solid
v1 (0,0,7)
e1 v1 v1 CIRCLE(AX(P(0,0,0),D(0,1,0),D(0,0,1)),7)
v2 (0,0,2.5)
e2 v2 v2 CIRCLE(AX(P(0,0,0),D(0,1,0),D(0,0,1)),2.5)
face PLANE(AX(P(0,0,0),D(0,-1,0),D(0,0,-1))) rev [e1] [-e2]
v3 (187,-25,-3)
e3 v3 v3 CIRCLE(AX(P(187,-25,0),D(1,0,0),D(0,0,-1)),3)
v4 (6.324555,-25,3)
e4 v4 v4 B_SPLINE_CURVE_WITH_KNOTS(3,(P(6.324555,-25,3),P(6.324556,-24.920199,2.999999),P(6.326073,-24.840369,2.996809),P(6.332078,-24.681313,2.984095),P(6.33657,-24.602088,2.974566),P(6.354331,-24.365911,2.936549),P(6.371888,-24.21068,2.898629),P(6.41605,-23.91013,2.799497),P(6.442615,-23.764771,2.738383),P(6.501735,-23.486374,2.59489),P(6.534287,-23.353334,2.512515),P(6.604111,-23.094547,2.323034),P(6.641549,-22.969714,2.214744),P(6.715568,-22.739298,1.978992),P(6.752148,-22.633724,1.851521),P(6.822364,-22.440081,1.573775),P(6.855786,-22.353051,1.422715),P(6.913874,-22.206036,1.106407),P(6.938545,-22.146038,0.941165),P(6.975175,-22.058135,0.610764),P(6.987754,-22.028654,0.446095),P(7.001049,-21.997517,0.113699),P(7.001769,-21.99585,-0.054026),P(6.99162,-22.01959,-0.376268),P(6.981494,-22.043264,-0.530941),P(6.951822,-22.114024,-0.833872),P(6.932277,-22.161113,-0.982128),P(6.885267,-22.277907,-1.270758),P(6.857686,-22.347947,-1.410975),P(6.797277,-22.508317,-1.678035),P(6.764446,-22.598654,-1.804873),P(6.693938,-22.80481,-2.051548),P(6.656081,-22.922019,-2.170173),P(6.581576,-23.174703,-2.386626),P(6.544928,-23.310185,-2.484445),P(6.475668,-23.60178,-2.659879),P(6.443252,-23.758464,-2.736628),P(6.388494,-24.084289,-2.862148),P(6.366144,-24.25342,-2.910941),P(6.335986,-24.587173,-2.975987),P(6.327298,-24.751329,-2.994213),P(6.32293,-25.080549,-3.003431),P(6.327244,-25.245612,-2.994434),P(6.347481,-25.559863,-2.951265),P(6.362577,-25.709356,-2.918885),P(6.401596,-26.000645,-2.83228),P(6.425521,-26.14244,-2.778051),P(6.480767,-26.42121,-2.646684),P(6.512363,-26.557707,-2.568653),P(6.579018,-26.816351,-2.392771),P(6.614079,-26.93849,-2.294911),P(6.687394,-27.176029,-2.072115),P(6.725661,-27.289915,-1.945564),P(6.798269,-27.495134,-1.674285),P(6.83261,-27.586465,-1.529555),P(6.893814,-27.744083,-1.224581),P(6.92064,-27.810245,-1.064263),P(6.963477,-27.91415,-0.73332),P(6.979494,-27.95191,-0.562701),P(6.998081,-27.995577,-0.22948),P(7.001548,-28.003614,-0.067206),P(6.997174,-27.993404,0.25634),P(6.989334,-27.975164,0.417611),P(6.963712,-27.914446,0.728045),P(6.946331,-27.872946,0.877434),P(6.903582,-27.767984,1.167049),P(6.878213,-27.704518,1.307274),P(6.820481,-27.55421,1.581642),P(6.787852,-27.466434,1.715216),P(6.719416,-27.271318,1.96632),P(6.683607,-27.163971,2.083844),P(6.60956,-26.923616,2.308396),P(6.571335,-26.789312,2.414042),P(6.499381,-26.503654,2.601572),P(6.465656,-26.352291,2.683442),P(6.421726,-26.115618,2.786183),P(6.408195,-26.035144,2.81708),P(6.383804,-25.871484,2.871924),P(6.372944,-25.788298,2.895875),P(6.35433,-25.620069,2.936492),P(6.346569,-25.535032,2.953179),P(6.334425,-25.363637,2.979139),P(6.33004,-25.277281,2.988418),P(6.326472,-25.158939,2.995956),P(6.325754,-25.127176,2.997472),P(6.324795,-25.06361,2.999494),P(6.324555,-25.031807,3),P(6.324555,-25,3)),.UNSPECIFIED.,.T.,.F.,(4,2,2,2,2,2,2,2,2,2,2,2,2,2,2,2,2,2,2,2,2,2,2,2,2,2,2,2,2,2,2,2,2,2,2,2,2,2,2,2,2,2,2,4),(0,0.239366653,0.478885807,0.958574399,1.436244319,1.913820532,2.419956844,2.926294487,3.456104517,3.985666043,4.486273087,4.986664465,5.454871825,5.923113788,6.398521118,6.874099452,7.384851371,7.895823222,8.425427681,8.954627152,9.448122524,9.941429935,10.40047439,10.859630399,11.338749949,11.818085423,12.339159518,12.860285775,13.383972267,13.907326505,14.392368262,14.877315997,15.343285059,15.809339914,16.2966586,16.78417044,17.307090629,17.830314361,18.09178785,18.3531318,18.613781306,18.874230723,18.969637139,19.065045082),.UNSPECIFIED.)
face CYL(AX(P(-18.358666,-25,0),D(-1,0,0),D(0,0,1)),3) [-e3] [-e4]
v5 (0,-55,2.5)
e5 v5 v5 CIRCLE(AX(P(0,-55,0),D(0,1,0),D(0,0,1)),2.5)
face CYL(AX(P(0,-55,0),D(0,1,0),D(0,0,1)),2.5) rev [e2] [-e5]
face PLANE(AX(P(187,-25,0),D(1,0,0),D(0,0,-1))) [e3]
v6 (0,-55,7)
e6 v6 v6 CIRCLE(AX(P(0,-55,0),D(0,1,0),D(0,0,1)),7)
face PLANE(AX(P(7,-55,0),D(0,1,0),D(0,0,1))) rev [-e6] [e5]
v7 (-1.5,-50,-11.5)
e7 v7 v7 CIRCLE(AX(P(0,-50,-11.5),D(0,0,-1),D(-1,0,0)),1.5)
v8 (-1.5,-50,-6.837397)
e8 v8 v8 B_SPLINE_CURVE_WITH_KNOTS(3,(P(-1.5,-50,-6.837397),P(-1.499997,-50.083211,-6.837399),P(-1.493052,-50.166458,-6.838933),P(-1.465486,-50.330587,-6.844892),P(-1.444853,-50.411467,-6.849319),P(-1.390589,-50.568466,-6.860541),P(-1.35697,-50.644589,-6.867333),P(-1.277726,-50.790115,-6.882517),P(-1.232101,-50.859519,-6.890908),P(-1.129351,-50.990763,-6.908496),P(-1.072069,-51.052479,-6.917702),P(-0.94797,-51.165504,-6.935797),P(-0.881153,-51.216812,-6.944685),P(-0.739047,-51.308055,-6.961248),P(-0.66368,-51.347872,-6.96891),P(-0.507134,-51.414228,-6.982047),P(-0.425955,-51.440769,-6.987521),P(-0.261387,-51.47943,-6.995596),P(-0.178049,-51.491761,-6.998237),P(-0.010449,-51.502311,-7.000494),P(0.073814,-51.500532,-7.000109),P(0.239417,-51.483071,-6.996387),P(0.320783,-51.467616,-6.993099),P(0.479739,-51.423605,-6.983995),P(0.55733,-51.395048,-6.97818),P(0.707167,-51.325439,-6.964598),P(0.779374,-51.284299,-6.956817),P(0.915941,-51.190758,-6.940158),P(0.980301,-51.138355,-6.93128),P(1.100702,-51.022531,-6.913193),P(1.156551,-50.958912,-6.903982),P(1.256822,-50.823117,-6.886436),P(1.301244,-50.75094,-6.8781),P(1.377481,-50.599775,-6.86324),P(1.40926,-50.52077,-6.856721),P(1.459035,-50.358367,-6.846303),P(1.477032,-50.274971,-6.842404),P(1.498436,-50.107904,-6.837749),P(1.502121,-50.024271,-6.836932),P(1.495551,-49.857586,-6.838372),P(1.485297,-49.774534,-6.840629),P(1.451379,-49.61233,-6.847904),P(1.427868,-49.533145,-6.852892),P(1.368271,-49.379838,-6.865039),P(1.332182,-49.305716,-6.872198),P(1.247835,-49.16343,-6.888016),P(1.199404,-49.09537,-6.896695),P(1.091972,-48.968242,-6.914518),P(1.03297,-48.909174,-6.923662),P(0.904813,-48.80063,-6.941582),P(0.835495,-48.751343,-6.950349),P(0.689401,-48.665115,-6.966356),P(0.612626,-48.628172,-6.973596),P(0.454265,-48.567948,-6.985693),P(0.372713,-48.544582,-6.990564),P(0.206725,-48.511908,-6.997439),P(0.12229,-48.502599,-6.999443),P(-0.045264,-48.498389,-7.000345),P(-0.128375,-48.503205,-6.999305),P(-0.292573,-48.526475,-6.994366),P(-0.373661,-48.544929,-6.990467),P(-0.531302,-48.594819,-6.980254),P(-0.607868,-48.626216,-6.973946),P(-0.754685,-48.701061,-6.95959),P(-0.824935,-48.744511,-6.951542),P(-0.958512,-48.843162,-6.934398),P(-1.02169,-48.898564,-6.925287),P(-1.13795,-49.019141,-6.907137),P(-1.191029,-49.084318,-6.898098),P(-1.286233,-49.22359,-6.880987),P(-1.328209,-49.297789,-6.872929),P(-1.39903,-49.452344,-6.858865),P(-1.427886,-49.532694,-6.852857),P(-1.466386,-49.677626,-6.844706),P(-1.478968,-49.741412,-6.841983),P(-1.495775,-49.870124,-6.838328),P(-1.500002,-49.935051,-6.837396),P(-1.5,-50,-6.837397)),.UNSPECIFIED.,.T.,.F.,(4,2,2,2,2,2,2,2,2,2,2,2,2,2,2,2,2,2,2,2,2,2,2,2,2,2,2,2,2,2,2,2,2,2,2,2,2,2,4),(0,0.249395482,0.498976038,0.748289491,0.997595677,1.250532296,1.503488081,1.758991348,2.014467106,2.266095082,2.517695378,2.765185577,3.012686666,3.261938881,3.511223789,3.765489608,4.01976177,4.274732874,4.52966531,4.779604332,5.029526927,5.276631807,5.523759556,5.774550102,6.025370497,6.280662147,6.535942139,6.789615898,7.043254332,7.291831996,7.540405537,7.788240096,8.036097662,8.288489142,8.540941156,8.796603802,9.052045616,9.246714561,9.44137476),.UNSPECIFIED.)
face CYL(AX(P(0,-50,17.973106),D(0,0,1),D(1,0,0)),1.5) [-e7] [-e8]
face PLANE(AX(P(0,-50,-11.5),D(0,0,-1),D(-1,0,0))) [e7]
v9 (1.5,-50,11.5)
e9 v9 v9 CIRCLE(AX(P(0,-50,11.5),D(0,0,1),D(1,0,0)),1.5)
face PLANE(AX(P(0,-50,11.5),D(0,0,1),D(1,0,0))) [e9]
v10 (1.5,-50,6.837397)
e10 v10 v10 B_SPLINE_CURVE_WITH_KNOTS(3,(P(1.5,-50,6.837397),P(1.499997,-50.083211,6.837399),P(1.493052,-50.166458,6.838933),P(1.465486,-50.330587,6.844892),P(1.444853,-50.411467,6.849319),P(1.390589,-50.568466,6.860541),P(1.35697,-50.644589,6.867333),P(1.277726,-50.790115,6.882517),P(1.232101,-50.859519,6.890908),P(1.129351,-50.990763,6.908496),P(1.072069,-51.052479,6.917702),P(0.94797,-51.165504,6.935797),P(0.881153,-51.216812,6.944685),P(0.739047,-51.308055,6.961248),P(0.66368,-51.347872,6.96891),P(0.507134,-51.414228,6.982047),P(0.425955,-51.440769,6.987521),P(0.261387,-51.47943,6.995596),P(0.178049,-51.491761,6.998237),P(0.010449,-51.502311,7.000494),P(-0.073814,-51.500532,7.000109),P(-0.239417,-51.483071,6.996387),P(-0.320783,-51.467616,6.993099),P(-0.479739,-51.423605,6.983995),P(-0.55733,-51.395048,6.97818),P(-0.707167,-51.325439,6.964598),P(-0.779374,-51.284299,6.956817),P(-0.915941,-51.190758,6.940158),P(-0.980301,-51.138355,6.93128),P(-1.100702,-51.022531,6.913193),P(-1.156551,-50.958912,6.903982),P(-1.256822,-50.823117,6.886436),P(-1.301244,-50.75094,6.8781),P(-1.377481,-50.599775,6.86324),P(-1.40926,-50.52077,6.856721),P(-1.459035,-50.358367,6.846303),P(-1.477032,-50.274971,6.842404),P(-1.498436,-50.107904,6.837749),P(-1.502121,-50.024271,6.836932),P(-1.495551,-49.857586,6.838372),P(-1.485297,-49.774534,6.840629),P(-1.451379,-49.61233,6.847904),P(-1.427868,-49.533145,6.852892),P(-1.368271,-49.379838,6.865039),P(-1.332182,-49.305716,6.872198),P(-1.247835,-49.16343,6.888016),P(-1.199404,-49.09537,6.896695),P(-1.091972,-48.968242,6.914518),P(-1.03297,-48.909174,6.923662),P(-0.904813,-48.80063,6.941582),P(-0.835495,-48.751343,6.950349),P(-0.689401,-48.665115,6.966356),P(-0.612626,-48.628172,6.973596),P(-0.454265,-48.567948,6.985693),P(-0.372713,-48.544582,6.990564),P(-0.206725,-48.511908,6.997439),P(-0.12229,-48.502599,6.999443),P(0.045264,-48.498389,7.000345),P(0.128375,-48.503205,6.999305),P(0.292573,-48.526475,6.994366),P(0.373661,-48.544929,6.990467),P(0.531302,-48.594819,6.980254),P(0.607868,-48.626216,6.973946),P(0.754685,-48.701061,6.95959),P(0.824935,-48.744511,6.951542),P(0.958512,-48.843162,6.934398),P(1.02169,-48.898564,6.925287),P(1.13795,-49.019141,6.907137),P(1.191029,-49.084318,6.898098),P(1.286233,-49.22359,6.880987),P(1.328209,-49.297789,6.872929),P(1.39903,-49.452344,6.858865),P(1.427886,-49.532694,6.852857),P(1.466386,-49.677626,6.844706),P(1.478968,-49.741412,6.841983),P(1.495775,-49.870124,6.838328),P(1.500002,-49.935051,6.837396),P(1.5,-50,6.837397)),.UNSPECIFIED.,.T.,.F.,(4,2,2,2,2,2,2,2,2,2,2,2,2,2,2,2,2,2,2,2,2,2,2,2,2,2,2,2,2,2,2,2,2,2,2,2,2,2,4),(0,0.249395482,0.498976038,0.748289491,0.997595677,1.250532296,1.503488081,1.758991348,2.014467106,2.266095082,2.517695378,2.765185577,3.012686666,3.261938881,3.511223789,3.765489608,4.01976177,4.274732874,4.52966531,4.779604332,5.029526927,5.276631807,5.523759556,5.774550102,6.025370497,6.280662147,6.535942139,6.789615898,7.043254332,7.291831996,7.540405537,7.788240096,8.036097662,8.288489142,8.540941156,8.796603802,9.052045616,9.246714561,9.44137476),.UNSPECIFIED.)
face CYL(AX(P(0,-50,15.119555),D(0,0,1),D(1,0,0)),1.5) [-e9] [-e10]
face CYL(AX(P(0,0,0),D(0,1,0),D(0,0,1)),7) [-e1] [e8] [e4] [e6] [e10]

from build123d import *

# Parameters (mm, degrees)
ESQUISSE1_W             = 7
ESQUISSE1_H             = 55
ESQUISSE2_W             = 70
ESQUISSE2_H             = 3
ESQUISSE3_W             = 2
ESQUISSE3_H             = 1.5
ESQUISSE5_R             = 2.5
ENL_V_MAT_EXTRU_1_DEPTH = 96.052617065
ESQUISSE8_R             = 1.5
BOSS_EXTRU_1_DEPTH      = 2.5
BOSS_EXTRU_1_DEPTH_BACK = 3
ESQUISSE11_R            = 1.5
BOSS_EXTRU_2_DEPTH      = 2.5
BOSS_EXTRU_2_DEPTH_BACK = 3
ESQUISSE12_R            = 3
BOSS_EXTRU_3_DEPTH      = 110
BOSS_EXTRU_3_DEPTH_BACK = 71.5


with BuildPart() as part:
    # Esquisse1 → Révolution1 (revolve)
    with BuildSketch(Plane.XY, mode=Mode.PRIVATE) as r_volution1_sk:
        with Locations((3.5, -27.5)):
            Rectangle(ESQUISSE1_W, ESQUISSE1_H)
    revolve(r_volution1_sk.sketch.rotate(Axis((0, 0, 0), (0, -1, 0)), 90), axis=Axis((0, 0, 0), (0, -1, 0)))

    # Esquisse4 → Révolution5 (revolve)
    with BuildSketch(Plane(origin=(0, 0, 0), x_dir=(0, 0, -1), z_dir=(1, 0, 0)), mode=Mode.PRIVATE) as r_volution5_sk:
        Polygon((6.966968242, -50), (7, -48.5), (9, -48.5), (9, -50), align=None)
    revolve(r_volution5_sk.sketch.rotate(Axis((0, -50, 17.973106255), (0, 0, -1)), 90), axis=Axis((0, -50, 17.973106255), (0, 0, -1)))

    # Esquisse5 → Enlèv. mat.-Extru.1 (cut, through all)
    with BuildSketch(Plane(origin=(0, 0, 0), x_dir=(1, 0, 0), z_dir=(0, 1, 0))):
        with Locations(Location((0, 0, 0), (0, 0, 270))):
            Circle(ESQUISSE5_R)
    extrude(amount=-ENL_V_MAT_EXTRU_1_DEPTH, mode=Mode.SUBTRACT)



with BuildPart() as body_2:
    # Esquisse2 → Révolution2 (revolve)
    with BuildSketch(Plane.XY, mode=Mode.PRIVATE) as r_volution2_sk:
        with Locations((42, -23.5)):
            Rectangle(ESQUISSE2_W, ESQUISSE2_H)
    revolve(r_volution2_sk.sketch.rotate(Axis((-18.358665949, -25, 0), (1, 0, 0)), 90), axis=Axis((-18.358665949, -25, 0), (1, 0, 0)))


with BuildPart() as body_3:
    # Esquisse3 → Révolution4 (revolve)
    with BuildSketch(Plane(origin=(0, 0, 0), x_dir=(0, 0, -1), z_dir=(1, 0, 0)), mode=Mode.PRIVATE) as r_volution4_sk:
        with Locations((-8, -49.25)):
            Rectangle(ESQUISSE3_W, ESQUISSE3_H)
    revolve(r_volution4_sk.sketch.rotate(Axis((0, -50, 15.119555316), (0, 0, -1)), 90), axis=Axis((0, -50, 15.119555316), (0, 0, -1)))


with BuildPart() as part_1:
    add(part.part)

    add(body_3.part)  # Boss.-Extru.1 merges body 3
    # Esquisse8 → Boss.-Extru.1 (add, two sides)
    with BuildSketch(Plane.XY.offset(9)) as boss_extru_1_sk:
        with Locations((0, -50)):
            Circle(ESQUISSE8_R)
    extrude(amount=BOSS_EXTRU_1_DEPTH)
    extrude(boss_extru_1_sk.sketch, amount=-BOSS_EXTRU_1_DEPTH_BACK)

    # Esquisse11 → Boss.-Extru.2 (add, two sides)
    with BuildSketch(Plane(origin=(0, 0, -9), x_dir=(-1, 0, 0), z_dir=(0, 0, -1))) as boss_extru_2_sk:
        with Locations(Location((0, -50, 0), (0, 0, 180))):
            Circle(ESQUISSE11_R)
    extrude(amount=BOSS_EXTRU_2_DEPTH)
    extrude(boss_extru_2_sk.sketch, amount=-BOSS_EXTRU_2_DEPTH_BACK)


    add(body_2.part)  # Boss.-Extru.3 merges body 2
    # Esquisse12 → Boss.-Extru.3 (add, two sides)
    with BuildSketch(Plane(origin=(77, 0, 0), x_dir=(0, 0, -1), z_dir=(1, 0, 0))) as boss_extru_3_sk:
        with Locations(Location((0, -25, 0), (0, 0, 180))):
            Circle(ESQUISSE12_R)
    extrude(amount=BOSS_EXTRU_3_DEPTH)
    extrude(boss_extru_3_sk.sketch, amount=-BOSS_EXTRU_3_DEPTH_BACK)


solid = part_1.part
